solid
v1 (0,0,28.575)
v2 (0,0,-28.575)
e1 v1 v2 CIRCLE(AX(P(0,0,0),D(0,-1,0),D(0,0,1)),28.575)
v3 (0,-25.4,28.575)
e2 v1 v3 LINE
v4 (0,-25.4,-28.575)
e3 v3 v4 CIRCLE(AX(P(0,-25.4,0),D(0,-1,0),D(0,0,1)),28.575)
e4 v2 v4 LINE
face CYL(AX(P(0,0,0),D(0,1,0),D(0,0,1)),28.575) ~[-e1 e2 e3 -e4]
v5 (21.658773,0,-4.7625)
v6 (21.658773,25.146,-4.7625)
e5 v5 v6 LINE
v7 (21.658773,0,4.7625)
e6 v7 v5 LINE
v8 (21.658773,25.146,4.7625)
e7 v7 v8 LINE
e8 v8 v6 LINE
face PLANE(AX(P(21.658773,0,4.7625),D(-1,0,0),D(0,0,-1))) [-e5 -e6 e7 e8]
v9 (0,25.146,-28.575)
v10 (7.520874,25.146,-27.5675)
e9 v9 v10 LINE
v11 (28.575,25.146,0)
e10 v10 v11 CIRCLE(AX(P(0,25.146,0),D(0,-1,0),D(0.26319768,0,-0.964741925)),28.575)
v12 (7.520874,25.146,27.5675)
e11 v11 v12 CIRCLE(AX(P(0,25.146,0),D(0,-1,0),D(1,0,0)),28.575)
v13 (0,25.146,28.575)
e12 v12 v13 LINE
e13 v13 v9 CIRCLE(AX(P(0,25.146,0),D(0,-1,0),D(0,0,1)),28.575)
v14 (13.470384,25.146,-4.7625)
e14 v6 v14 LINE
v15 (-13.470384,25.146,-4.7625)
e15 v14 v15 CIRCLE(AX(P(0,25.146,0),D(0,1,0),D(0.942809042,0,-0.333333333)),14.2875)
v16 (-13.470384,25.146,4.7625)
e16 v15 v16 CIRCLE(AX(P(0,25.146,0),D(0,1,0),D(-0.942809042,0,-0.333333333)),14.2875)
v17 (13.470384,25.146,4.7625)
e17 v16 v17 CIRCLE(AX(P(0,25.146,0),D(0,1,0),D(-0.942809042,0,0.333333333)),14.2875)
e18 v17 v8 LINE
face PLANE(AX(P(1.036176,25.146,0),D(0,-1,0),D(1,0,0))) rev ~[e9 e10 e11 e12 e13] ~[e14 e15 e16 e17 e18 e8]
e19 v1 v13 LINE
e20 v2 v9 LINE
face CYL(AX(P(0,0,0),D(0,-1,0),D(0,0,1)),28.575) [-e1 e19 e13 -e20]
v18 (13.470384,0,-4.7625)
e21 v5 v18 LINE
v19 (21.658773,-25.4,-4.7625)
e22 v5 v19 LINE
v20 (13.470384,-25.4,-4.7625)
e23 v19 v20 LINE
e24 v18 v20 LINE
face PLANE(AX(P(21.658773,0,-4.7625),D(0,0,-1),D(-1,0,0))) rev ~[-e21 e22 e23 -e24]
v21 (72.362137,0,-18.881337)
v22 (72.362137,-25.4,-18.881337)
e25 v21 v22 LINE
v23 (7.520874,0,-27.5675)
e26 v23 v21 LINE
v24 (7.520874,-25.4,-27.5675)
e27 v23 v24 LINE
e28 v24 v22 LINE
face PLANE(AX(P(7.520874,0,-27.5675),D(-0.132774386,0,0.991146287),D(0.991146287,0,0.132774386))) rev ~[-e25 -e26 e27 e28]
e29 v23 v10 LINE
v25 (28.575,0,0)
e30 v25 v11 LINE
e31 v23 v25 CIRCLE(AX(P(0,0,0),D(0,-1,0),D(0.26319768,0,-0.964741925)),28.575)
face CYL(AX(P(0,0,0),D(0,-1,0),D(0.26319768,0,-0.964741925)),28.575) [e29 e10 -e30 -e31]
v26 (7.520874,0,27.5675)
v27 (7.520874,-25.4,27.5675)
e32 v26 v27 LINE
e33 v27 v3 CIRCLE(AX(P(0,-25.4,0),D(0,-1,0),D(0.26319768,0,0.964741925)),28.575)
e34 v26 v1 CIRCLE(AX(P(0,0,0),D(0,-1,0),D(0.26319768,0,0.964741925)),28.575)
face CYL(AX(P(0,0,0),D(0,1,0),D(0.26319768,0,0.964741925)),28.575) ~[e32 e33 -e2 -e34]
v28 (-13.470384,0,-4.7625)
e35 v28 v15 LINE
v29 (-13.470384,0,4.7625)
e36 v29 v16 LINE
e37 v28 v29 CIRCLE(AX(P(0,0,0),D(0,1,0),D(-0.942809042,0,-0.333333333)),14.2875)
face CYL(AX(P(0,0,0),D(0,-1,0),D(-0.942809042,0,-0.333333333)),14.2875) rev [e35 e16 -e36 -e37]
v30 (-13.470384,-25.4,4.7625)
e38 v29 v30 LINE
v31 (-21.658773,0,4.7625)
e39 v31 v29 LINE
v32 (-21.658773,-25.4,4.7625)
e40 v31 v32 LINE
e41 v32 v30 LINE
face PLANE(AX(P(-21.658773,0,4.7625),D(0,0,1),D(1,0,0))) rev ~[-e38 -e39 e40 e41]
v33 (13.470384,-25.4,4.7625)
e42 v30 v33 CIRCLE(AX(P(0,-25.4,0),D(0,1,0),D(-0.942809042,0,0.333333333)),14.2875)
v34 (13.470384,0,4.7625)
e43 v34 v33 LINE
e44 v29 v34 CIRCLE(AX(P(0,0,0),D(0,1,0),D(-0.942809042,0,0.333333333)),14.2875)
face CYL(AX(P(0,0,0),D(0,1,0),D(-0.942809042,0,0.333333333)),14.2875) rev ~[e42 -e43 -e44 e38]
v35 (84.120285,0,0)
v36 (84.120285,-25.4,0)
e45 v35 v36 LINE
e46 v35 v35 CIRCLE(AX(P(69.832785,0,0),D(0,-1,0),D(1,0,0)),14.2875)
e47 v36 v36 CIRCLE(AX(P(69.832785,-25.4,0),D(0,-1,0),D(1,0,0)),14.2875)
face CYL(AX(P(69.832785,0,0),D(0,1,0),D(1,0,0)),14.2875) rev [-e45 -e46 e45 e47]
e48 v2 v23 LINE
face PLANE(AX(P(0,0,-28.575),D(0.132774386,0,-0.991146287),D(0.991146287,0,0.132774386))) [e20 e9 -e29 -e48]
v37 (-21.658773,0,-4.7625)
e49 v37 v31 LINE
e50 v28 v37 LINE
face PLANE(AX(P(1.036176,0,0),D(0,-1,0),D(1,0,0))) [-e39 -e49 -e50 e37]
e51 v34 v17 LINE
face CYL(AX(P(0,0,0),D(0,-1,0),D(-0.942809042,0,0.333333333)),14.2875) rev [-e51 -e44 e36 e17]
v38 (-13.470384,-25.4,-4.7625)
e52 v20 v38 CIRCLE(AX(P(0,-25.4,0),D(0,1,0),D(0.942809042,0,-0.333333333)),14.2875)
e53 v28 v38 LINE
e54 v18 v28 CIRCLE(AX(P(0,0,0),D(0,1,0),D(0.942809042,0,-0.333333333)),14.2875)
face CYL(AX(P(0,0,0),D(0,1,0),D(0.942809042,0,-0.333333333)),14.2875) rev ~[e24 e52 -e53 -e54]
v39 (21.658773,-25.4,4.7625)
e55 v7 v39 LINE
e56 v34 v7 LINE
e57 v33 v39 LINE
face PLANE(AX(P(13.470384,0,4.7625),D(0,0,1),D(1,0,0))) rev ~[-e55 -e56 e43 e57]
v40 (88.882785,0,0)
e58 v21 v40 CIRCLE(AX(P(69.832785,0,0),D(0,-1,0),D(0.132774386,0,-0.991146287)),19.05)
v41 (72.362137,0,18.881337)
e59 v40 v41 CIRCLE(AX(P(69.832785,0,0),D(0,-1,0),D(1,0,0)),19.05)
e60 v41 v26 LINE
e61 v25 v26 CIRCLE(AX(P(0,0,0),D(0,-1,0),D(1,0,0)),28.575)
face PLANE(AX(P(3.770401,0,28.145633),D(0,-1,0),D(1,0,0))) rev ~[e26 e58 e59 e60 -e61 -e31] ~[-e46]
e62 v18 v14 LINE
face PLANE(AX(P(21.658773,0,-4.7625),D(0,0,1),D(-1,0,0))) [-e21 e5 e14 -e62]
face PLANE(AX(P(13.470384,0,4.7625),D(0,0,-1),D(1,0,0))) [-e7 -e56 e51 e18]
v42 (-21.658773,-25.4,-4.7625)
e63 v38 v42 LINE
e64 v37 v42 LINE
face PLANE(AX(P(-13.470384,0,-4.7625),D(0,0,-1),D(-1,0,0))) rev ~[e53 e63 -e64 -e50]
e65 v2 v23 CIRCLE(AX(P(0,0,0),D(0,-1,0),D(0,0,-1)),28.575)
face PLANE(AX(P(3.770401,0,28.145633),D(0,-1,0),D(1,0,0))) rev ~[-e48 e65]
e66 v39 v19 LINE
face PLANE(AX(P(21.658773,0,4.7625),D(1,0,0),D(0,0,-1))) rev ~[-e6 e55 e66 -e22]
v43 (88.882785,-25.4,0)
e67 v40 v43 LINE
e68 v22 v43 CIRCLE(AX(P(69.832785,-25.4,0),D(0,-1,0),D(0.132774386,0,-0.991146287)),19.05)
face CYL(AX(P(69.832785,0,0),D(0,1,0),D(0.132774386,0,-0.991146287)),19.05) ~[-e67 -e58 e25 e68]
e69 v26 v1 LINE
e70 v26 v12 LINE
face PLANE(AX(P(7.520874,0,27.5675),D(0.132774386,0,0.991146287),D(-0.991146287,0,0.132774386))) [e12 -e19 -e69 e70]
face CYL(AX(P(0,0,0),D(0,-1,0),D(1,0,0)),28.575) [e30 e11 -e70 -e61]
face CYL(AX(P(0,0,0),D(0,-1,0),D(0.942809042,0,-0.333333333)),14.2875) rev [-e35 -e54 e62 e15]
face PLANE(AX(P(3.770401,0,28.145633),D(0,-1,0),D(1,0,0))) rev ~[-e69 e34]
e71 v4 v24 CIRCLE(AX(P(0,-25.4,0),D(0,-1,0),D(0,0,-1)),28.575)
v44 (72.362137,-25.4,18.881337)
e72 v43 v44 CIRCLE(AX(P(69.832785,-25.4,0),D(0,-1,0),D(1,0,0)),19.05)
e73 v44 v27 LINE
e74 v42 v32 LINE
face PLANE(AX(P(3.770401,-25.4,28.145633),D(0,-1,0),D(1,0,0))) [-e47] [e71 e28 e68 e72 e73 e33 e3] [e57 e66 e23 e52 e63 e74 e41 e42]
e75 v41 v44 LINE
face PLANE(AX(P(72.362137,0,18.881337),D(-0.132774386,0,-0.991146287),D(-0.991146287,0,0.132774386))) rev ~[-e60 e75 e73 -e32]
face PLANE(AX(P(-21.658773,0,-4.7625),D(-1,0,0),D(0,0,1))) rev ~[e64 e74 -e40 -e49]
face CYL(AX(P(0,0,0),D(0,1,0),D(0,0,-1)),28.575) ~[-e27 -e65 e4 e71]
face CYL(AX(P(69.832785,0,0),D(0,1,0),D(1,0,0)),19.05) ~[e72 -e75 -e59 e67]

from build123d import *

# Parameters (mm, degrees)
F0_R     = 14.2875
F1_DEPTH = 25.4
F2_DEPTH = 25.146


with BuildPart() as f1:
    # F0 (on Front) → F1 (new body)
    with BuildSketch(Plane.XZ):
        with BuildLine():
            ThreePointArc((7.5208737148, 27.5675004954), (3.7940280931, 28.322005152), (0, 28.575))
            Line((0, 28.575), (7.5208737148, 27.5675004954))
        make_face()
        with BuildLine():
            Line((7.5208737148, -27.5675004954), (0, -28.575))
            ThreePointArc((0, -28.575), (3.7940280931, -28.322005152), (7.5208737148, -27.5675004954))
        make_face()
        with BuildLine():
            Line((72.3621368264, 18.881336768), (7.5208737148, 27.5675004954))
            ThreePointArc((7.5208737148, 27.5675004954), (22.7094648924, 17.3438989071), (28.575, 0))
            ThreePointArc((28.575, 0), (22.7094648924, -17.3438989071), (7.5208737148, -27.5675004954))
            Line((7.5208737148, -27.5675004954), (72.3621368264, -18.881336768))
            ThreePointArc((72.3621368264, -18.881336768), (50.7827847643, 0), (72.3621368264, 18.881336768))
        make_face()
        with BuildLine():
            ThreePointArc((88.8827847643, 0), (84.1695671227, 12.5442884058), (72.3621368264, 18.881336768))
            ThreePointArc((72.3621368264, 18.881336768), (50.7827847643, 0), (72.3621368264, -18.881336768))
            ThreePointArc((72.3621368264, -18.881336768), (84.1695671227, -12.5442884058), (88.8827847643, 0))
        make_face()
        with Locations((69.8327847643, 0)):
            Circle(F0_R, mode=Mode.SUBTRACT)
        with BuildLine():
            Line((7.5208737148, 27.5675004954), (0, 28.575))
            ThreePointArc((0, 28.575), (-28.575, 0), (0, -28.575))
            Line((0, -28.575), (7.5208737148, -27.5675004954))
            ThreePointArc((7.5208737148, -27.5675004954), (22.7094648924, -17.3438989071), (28.575, 0))
            ThreePointArc((28.575, 0), (22.7094648924, 17.3438989071), (7.5208737148, 27.5675004954))
        make_face()
        with BuildLine():
            ThreePointArc((-13.4703841816, 4.7625), (0, 14.2875), (13.4703841816, 4.7625))
            Line((13.4703841816, 4.7625), (21.6587726027, 4.7625))
            Line((21.6587726027, 4.7625), (21.6587726027, -4.7625))
            Line((21.6587726027, -4.7625), (13.4703841816, -4.7625))
            ThreePointArc((13.4703841816, -4.7625), (0, -14.2875), (-13.4703841816, -4.7625))
            Line((-13.4703841816, -4.7625), (-21.6587726027, -4.7625))
            Line((-21.6587726027, -4.7625), (-21.6587726027, 4.7625))
            Line((-21.6587726027, 4.7625), (-13.4703841816, 4.7625))
        make_face(mode=Mode.SUBTRACT)
    extrude(amount=F1_DEPTH)

    # F0 (on Front) → F2 (join)
    with BuildSketch(Plane.XZ):
        with BuildLine():
            Line((7.5208737148, 27.5675004954), (0, 28.575))
            ThreePointArc((0, 28.575), (-28.575, 0), (0, -28.575))
            Line((0, -28.575), (7.5208737148, -27.5675004954))
            ThreePointArc((7.5208737148, -27.5675004954), (22.7094648924, -17.3438989071), (28.575, 0))
            ThreePointArc((28.575, 0), (22.7094648924, 17.3438989071), (7.5208737148, 27.5675004954))
        make_face()
        with BuildLine():
            ThreePointArc((-13.4703841816, 4.7625), (0, 14.2875), (13.4703841816, 4.7625))
            Line((13.4703841816, 4.7625), (21.6587726027, 4.7625))
            Line((21.6587726027, 4.7625), (21.6587726027, -4.7625))
            Line((21.6587726027, -4.7625), (13.4703841816, -4.7625))
            ThreePointArc((13.4703841816, -4.7625), (0, -14.2875), (-13.4703841816, -4.7625))
            Line((-13.4703841816, -4.7625), (-21.6587726027, -4.7625))
            Line((-21.6587726027, -4.7625), (-21.6587726027, 4.7625))
            Line((-21.6587726027, 4.7625), (-13.4703841816, 4.7625))
        make_face(mode=Mode.SUBTRACT)
        with BuildLine():
            ThreePointArc((-13.4703841816, -4.7625), (-14.2875, 0), (-13.4703841816, 4.7625))
            Line((-13.4703841816, 4.7625), (-21.6587726027, 4.7625))
            Line((-21.6587726027, 4.7625), (-21.6587726027, -4.7625))
            Line((-21.6587726027, -4.7625), (-13.4703841816, -4.7625))
        make_face()
    extrude(amount=-F2_DEPTH)


solid = f1.part
